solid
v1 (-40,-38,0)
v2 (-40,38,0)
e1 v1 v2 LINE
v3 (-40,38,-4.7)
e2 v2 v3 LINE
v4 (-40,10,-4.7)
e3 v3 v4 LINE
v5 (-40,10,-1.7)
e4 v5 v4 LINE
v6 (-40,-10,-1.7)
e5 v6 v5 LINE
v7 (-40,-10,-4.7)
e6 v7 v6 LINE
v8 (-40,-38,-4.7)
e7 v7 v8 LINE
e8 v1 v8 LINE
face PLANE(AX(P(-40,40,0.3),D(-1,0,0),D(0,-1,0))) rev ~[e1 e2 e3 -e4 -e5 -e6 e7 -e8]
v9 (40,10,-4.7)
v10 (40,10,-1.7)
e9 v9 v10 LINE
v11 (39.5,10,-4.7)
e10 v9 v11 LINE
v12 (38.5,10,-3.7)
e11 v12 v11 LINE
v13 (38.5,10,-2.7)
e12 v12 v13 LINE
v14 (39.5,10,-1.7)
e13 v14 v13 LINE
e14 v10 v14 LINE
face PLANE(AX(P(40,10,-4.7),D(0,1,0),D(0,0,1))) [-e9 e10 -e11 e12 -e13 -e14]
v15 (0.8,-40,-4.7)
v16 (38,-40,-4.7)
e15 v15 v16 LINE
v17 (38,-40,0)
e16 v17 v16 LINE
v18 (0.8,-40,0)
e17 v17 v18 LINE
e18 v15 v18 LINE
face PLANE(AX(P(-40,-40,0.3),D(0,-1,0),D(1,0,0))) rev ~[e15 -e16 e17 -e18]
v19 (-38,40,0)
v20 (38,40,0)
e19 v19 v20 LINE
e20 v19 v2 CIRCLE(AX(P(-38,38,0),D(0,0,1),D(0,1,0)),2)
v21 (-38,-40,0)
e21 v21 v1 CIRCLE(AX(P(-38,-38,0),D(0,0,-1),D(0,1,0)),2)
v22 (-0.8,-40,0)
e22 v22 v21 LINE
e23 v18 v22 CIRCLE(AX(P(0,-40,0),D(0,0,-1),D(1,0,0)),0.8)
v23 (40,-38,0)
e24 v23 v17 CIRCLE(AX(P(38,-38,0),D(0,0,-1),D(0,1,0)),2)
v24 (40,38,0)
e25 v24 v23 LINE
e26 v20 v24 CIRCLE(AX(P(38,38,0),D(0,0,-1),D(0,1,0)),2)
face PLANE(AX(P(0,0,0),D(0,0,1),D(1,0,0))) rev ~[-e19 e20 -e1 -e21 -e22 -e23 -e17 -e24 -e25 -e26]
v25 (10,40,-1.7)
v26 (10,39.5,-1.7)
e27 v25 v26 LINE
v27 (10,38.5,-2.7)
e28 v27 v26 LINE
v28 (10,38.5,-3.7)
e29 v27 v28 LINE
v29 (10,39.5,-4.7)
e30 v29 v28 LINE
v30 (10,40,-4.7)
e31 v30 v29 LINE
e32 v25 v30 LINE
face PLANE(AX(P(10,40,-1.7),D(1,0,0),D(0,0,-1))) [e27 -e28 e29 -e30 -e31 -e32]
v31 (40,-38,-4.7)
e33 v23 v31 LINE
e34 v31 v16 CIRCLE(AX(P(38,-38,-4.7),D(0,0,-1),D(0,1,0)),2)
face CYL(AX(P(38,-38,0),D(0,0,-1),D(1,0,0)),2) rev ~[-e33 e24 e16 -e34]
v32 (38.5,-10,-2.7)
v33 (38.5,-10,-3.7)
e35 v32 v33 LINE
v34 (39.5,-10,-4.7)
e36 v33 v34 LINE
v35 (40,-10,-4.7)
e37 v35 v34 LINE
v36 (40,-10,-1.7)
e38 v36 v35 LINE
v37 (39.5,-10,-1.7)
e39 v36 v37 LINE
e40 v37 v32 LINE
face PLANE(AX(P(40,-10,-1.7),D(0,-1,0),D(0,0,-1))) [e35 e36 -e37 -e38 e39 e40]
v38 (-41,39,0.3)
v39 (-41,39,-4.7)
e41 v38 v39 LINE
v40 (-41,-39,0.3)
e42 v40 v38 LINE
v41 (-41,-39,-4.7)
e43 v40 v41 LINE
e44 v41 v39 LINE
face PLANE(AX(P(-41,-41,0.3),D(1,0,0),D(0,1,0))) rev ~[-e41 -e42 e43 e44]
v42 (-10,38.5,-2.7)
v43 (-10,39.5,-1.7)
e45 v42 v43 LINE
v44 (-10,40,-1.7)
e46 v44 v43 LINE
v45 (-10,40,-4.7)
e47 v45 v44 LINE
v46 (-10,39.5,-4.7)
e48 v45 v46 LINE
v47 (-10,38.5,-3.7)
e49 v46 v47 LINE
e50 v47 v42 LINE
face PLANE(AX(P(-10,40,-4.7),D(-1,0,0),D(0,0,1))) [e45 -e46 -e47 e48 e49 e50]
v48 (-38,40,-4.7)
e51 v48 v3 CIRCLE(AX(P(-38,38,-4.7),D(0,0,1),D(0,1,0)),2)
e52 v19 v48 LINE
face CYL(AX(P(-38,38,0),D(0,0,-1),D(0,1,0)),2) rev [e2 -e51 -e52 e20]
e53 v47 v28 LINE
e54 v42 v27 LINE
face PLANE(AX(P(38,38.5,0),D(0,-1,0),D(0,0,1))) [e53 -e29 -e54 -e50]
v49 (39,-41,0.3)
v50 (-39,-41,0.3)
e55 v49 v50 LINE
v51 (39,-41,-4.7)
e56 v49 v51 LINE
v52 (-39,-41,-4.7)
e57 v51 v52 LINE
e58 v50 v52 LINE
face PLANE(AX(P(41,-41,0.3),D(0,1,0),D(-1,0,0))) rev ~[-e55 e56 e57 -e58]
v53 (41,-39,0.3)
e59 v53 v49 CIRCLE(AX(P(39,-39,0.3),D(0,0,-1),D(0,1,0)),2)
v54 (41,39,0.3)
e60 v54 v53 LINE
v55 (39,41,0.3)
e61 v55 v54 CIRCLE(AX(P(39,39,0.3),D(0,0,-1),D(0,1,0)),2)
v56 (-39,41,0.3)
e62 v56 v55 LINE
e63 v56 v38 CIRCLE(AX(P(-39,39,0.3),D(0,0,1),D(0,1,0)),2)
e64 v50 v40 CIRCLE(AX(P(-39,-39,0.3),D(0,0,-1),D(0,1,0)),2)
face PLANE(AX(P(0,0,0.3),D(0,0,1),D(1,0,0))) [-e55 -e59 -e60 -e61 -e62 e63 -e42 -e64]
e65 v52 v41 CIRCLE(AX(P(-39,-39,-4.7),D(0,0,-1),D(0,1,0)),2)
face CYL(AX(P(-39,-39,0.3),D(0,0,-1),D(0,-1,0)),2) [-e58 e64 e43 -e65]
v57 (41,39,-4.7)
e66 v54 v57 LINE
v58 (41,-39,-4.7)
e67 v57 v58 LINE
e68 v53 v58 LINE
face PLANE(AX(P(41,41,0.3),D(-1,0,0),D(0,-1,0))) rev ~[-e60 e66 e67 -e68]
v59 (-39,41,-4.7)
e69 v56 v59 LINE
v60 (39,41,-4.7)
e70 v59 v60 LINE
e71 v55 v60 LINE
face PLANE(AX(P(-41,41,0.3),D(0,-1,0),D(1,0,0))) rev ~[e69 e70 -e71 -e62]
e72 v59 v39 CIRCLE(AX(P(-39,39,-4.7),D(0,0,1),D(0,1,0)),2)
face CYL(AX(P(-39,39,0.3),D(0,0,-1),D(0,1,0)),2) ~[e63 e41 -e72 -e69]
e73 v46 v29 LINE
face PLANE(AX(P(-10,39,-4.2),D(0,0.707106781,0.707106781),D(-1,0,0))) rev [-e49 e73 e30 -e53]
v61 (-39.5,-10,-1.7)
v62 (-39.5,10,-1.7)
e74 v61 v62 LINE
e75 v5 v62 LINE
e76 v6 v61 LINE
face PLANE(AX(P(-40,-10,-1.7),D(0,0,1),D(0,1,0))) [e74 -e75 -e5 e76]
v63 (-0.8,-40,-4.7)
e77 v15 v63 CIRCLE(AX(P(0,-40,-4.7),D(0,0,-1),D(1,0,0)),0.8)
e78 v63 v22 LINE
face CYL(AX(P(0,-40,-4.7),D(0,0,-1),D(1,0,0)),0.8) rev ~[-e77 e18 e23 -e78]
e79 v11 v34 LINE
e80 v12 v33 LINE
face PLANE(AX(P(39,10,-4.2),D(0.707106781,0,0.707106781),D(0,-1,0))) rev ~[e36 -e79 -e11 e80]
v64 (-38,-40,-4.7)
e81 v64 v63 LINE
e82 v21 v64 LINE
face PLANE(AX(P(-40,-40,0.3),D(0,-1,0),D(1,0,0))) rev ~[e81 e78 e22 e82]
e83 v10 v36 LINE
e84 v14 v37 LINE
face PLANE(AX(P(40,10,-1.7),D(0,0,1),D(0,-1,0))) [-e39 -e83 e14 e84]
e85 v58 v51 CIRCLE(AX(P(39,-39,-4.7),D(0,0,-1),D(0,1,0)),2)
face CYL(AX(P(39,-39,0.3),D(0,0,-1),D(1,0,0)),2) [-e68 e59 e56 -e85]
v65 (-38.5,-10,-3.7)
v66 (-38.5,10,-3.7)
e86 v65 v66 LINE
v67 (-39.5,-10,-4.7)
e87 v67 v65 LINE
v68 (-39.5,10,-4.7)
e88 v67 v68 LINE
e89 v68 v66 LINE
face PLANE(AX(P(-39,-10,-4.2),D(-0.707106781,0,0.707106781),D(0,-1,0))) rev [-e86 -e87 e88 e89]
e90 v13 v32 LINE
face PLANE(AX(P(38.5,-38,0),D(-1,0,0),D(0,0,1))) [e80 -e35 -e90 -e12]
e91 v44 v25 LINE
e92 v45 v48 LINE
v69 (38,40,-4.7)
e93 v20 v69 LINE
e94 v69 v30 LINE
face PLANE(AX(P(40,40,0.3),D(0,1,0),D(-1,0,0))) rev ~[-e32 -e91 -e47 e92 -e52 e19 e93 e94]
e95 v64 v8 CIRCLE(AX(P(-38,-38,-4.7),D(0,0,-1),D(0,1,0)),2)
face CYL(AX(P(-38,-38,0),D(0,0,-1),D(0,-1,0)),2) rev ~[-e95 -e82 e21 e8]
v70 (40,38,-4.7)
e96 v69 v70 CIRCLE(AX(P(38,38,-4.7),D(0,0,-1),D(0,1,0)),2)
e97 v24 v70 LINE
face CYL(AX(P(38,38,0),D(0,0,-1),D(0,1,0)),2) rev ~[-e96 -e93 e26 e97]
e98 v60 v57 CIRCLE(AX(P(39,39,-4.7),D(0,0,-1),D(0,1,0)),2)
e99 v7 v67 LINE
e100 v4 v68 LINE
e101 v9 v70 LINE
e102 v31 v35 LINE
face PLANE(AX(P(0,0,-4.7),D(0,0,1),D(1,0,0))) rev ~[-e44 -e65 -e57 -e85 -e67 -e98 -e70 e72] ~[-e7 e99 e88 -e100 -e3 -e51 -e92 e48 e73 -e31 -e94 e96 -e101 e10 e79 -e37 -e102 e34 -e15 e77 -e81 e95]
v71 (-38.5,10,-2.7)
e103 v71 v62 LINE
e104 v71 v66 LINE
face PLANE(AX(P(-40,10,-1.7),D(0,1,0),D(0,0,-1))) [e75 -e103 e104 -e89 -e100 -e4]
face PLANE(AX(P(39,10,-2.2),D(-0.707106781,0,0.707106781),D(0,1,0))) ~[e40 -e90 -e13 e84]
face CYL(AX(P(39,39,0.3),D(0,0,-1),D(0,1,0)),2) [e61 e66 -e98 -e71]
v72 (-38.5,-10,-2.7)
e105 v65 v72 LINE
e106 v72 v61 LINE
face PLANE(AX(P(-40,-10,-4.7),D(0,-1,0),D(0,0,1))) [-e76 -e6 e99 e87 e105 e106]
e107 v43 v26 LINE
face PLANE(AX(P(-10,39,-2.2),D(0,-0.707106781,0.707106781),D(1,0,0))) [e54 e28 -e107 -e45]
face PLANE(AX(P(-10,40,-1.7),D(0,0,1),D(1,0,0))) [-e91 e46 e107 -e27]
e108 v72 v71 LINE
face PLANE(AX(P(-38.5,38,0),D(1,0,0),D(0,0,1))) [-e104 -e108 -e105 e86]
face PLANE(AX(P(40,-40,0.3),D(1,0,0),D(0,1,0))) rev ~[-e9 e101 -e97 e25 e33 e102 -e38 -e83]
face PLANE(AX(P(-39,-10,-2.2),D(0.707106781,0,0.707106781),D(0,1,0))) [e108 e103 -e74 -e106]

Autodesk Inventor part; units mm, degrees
ref_plane "YZ Plane" through (0, 0, 0) normal (1, 0, 0) x (0, 1, 0)
ref_plane "XZ Plane" through (0, 0, 0) normal (0, 1, 0) x (-1, 0, 0)
ref_plane "XY Plane" through (0, 0, 0) normal (0, 0, 1) x (1, 0, 0)
sketch "Sketch1" plane through (0, 0, 0) normal (0, 0, 1) x (1, 0, 0)
  line L0 (-40, 40) -> (40, 40)
  line L1 (40, 40) -> (40, -40)
  line L2 (40, -40) -> (-40, -40)
  line L3 (-40, -40) -> (-40, 40)
  point P0 (0, 0)
  dimension "d0" = 80
  dimension "d1" = 80
  dimension "d19" = 40
  dimension "d20" = 40
extrude "Extrusion1" add sketch "Sketch1" along normal blind 0.3
sketch "Sketch2" plane through (0, 0, 0.3) normal (0, 0, 1) x (1, 0, 0)
  line L0 (40, 40) -> (-40, 40) projected
  line L1 (-40, 40) -> (-40, -40) projected
  line L2 (-40, -40) -> (40, -40) projected
  line L3 (40, -40) -> (40, 40) projected
  line L4 (-41, 41) -> (41, 41)
  line L5 (41, 41) -> (41, -41)
  line L6 (41, -41) -> (-41, -41)
  line L7 (-41, -41) -> (-41, 41)
  point P0 (0, 0)
  dimension "d4" = 1
extrude "Extrusion2" add sketch "Sketch2" against normal blind 5
fillet "Fillet1" radius 2 8 edges at (40, 40, -2.35) (-40, 40, -2.35) (40, -40, -2.35) (-40, -40, -2.35) (41, 41, -2.2) (-41, 41, -2.2) (-41, -41, -2.2) (41, -41, -2.2)
sketch "Sketch3" plane through (40, -38, 0) normal (-1, 0, 0) x (0, 0, 1)
  line L0 (-4.7, 77) -> (-4.7, -1) projected
  line L1 (-4.7, 48) -> (-1.7, 48)
  line L2 (-1.7, 48) -> (-1.7, 28)
  line L3 (-1.7, 28) -> (-4.7, 28)
  line L4 (-4.7, 28) -> (-4.7, 48)
  line L5 (0, 78) -> (-4.7, 78) projected
  point P0 (0, 38)
  dimension "d13" = 3
  dimension "d14" = 20
  dimension "d15" = 30
extrude "Extrusion3" add sketch "Sketch3" along normal blind 1.5
chamfer "Chamfer1" distance 1 angle 45 1 edges at (38.5, 0, -1.7)
chamfer "Chamfer2" distance 1 angle 45 1 edges at (38.5, 0, -4.7)
pattern_circular "Circular Pattern1" count 3 over 180 about axis through (0, 0, -10) along (0, 0, 1) of "Extrusion3", "Chamfer2", "Chamfer1"
sketch "Sketch4" plane through (0, 0, -4.7) normal (0, 0, -1) x (-1, 0, 0)
  line L0 (38, -40) -> (-38, -40) projected
  arc A0 (-0.8, -40) -> (0.8, -40) centre (0, -40) ccw
  point P0 (0, 0)
  dimension "d24" = 0.8
extrude "Extrusion4" cut sketch "Sketch4" against normal up to surface (4.7 mm away)
properties part number "Cap plate"
